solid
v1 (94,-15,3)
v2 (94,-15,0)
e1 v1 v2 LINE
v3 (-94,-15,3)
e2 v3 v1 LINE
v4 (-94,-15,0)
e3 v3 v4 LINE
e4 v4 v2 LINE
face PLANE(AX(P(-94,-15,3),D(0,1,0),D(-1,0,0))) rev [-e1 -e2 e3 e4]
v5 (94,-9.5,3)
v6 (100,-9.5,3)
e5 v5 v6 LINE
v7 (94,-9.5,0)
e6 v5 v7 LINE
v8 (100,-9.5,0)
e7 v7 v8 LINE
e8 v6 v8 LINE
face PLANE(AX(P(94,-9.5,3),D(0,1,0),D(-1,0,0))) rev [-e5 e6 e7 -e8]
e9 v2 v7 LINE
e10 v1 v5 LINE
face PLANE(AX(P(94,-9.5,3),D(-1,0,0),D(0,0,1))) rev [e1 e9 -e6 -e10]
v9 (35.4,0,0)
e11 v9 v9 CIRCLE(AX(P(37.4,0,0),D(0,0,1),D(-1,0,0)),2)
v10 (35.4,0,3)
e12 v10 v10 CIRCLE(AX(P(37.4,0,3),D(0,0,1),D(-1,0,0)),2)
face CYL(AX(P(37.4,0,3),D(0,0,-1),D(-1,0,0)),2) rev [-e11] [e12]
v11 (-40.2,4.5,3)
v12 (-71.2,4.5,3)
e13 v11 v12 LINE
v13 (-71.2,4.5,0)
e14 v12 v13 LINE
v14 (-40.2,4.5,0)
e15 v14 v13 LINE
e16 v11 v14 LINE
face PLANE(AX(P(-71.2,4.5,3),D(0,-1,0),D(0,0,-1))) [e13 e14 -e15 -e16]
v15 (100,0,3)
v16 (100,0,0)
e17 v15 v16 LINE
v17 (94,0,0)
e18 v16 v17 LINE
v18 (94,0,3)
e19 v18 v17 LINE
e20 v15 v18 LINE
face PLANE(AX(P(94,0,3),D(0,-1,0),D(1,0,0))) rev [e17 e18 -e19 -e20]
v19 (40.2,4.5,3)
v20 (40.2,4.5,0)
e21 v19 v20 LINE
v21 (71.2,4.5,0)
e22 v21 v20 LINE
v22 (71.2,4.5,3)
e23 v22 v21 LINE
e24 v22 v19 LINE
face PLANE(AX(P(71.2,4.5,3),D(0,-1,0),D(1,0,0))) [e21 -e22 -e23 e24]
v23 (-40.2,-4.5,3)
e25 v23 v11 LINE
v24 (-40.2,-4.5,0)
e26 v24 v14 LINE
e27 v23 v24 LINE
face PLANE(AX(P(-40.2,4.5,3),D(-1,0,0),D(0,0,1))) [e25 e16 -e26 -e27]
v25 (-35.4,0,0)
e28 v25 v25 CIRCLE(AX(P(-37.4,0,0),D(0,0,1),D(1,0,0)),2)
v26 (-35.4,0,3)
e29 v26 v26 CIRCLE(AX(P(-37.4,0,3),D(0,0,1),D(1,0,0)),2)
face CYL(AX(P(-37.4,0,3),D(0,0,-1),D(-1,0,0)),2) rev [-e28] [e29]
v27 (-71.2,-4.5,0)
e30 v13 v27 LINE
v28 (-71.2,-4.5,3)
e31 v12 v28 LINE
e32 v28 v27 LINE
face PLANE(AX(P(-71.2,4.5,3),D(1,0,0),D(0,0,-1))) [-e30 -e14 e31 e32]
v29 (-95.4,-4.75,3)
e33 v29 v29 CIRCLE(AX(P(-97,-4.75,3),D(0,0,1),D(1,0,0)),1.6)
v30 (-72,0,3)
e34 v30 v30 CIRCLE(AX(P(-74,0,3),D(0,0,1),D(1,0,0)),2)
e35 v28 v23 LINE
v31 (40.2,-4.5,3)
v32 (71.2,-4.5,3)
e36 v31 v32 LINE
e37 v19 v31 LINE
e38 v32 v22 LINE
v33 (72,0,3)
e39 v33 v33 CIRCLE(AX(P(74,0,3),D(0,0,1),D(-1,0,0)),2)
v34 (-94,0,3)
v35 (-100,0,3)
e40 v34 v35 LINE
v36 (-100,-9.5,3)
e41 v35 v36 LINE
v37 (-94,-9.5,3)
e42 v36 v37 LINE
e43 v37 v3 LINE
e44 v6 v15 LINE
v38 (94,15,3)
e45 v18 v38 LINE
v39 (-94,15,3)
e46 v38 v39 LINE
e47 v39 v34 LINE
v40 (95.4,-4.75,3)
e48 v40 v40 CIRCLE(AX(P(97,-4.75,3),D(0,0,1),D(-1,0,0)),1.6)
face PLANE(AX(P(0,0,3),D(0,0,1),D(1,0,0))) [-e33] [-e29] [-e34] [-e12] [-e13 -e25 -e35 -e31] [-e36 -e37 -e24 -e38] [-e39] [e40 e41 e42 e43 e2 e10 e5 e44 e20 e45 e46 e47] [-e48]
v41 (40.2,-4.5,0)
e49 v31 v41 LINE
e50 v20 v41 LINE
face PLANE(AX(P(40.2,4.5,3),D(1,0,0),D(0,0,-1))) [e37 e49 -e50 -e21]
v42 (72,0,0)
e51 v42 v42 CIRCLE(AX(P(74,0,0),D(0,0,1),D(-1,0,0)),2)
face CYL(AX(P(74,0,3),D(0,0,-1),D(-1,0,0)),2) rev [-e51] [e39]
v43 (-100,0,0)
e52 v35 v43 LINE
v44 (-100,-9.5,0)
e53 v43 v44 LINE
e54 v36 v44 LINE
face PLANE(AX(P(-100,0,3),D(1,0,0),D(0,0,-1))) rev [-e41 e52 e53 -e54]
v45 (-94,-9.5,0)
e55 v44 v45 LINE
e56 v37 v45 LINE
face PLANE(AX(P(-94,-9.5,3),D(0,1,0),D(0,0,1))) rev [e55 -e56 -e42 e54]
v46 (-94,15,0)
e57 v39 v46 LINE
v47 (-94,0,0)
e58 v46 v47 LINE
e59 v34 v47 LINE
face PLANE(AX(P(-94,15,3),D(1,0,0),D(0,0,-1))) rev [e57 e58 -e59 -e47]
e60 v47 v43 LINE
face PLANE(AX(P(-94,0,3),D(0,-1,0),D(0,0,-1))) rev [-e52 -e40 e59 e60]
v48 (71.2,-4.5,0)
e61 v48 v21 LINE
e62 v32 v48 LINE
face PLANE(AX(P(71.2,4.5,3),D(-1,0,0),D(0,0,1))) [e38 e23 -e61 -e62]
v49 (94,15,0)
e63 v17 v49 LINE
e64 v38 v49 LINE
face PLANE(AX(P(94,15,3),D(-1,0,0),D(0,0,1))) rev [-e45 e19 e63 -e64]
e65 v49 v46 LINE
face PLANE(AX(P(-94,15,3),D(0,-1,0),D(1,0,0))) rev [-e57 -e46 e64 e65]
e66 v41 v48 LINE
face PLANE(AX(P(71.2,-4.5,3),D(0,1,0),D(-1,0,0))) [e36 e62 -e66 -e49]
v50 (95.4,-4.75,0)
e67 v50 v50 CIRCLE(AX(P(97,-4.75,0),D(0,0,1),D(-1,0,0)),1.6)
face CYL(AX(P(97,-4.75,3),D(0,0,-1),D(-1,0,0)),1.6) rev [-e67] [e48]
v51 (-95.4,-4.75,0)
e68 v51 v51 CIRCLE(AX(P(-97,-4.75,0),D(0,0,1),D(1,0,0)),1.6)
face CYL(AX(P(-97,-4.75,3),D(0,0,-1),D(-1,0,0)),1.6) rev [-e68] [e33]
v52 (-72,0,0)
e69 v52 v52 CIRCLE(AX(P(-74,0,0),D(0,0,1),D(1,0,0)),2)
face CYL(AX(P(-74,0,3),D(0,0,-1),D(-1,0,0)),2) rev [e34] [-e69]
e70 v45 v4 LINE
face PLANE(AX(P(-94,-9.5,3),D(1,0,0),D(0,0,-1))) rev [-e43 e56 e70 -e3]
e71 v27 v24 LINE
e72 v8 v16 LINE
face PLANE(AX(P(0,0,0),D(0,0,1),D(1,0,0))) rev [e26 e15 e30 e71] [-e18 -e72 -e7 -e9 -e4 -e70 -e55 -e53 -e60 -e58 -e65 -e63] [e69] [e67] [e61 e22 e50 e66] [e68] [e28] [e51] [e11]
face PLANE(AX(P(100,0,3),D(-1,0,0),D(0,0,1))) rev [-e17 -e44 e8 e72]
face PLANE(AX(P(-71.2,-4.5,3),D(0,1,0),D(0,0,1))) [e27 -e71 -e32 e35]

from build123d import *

# Parameters (mm, degrees)
ESBO_O1_R                = 1.6
ESBO_O1_R_2              = 2
ESBO_O1_W                = 31
ESBO_O1_H                = 9
RESSALTO_EXTRUS_O1_DEPTH = 3


with BuildPart() as part:
    # Esboço1 → Ressalto-extrusão1 (new body)
    with BuildSketch(Plane.XY):
        Polygon((-94, -9.5), (-94, -15), (94, -15), (94, -9.5), (100, -9.5), (100, 0), (94, 0), (94, 15), (-94, 15), (-94, 0), (-100, 0), (-100, -9.5), align=None)
        with Locations((-97, -4.75)):
            Circle(ESBO_O1_R, mode=Mode.SUBTRACT)
        with Locations((97, -4.75)):
            Circle(ESBO_O1_R, mode=Mode.SUBTRACT)
        with Locations((-74, 0)):
            Circle(ESBO_O1_R_2, mode=Mode.SUBTRACT)
        with Locations((-37.4, 0)):
            Circle(ESBO_O1_R_2, mode=Mode.SUBTRACT)
        with Locations((37.4, 0)):
            Circle(ESBO_O1_R_2, mode=Mode.SUBTRACT)
        with Locations((74, 0)):
            Circle(ESBO_O1_R_2, mode=Mode.SUBTRACT)
        with Locations((-55.7, 0)):
            Rectangle(ESBO_O1_W, ESBO_O1_H, mode=Mode.SUBTRACT)
        with Locations((55.7, 0)):
            Rectangle(ESBO_O1_W, ESBO_O1_H, mode=Mode.SUBTRACT)
    extrude(amount=RESSALTO_EXTRUS_O1_DEPTH)


solid = part.part
